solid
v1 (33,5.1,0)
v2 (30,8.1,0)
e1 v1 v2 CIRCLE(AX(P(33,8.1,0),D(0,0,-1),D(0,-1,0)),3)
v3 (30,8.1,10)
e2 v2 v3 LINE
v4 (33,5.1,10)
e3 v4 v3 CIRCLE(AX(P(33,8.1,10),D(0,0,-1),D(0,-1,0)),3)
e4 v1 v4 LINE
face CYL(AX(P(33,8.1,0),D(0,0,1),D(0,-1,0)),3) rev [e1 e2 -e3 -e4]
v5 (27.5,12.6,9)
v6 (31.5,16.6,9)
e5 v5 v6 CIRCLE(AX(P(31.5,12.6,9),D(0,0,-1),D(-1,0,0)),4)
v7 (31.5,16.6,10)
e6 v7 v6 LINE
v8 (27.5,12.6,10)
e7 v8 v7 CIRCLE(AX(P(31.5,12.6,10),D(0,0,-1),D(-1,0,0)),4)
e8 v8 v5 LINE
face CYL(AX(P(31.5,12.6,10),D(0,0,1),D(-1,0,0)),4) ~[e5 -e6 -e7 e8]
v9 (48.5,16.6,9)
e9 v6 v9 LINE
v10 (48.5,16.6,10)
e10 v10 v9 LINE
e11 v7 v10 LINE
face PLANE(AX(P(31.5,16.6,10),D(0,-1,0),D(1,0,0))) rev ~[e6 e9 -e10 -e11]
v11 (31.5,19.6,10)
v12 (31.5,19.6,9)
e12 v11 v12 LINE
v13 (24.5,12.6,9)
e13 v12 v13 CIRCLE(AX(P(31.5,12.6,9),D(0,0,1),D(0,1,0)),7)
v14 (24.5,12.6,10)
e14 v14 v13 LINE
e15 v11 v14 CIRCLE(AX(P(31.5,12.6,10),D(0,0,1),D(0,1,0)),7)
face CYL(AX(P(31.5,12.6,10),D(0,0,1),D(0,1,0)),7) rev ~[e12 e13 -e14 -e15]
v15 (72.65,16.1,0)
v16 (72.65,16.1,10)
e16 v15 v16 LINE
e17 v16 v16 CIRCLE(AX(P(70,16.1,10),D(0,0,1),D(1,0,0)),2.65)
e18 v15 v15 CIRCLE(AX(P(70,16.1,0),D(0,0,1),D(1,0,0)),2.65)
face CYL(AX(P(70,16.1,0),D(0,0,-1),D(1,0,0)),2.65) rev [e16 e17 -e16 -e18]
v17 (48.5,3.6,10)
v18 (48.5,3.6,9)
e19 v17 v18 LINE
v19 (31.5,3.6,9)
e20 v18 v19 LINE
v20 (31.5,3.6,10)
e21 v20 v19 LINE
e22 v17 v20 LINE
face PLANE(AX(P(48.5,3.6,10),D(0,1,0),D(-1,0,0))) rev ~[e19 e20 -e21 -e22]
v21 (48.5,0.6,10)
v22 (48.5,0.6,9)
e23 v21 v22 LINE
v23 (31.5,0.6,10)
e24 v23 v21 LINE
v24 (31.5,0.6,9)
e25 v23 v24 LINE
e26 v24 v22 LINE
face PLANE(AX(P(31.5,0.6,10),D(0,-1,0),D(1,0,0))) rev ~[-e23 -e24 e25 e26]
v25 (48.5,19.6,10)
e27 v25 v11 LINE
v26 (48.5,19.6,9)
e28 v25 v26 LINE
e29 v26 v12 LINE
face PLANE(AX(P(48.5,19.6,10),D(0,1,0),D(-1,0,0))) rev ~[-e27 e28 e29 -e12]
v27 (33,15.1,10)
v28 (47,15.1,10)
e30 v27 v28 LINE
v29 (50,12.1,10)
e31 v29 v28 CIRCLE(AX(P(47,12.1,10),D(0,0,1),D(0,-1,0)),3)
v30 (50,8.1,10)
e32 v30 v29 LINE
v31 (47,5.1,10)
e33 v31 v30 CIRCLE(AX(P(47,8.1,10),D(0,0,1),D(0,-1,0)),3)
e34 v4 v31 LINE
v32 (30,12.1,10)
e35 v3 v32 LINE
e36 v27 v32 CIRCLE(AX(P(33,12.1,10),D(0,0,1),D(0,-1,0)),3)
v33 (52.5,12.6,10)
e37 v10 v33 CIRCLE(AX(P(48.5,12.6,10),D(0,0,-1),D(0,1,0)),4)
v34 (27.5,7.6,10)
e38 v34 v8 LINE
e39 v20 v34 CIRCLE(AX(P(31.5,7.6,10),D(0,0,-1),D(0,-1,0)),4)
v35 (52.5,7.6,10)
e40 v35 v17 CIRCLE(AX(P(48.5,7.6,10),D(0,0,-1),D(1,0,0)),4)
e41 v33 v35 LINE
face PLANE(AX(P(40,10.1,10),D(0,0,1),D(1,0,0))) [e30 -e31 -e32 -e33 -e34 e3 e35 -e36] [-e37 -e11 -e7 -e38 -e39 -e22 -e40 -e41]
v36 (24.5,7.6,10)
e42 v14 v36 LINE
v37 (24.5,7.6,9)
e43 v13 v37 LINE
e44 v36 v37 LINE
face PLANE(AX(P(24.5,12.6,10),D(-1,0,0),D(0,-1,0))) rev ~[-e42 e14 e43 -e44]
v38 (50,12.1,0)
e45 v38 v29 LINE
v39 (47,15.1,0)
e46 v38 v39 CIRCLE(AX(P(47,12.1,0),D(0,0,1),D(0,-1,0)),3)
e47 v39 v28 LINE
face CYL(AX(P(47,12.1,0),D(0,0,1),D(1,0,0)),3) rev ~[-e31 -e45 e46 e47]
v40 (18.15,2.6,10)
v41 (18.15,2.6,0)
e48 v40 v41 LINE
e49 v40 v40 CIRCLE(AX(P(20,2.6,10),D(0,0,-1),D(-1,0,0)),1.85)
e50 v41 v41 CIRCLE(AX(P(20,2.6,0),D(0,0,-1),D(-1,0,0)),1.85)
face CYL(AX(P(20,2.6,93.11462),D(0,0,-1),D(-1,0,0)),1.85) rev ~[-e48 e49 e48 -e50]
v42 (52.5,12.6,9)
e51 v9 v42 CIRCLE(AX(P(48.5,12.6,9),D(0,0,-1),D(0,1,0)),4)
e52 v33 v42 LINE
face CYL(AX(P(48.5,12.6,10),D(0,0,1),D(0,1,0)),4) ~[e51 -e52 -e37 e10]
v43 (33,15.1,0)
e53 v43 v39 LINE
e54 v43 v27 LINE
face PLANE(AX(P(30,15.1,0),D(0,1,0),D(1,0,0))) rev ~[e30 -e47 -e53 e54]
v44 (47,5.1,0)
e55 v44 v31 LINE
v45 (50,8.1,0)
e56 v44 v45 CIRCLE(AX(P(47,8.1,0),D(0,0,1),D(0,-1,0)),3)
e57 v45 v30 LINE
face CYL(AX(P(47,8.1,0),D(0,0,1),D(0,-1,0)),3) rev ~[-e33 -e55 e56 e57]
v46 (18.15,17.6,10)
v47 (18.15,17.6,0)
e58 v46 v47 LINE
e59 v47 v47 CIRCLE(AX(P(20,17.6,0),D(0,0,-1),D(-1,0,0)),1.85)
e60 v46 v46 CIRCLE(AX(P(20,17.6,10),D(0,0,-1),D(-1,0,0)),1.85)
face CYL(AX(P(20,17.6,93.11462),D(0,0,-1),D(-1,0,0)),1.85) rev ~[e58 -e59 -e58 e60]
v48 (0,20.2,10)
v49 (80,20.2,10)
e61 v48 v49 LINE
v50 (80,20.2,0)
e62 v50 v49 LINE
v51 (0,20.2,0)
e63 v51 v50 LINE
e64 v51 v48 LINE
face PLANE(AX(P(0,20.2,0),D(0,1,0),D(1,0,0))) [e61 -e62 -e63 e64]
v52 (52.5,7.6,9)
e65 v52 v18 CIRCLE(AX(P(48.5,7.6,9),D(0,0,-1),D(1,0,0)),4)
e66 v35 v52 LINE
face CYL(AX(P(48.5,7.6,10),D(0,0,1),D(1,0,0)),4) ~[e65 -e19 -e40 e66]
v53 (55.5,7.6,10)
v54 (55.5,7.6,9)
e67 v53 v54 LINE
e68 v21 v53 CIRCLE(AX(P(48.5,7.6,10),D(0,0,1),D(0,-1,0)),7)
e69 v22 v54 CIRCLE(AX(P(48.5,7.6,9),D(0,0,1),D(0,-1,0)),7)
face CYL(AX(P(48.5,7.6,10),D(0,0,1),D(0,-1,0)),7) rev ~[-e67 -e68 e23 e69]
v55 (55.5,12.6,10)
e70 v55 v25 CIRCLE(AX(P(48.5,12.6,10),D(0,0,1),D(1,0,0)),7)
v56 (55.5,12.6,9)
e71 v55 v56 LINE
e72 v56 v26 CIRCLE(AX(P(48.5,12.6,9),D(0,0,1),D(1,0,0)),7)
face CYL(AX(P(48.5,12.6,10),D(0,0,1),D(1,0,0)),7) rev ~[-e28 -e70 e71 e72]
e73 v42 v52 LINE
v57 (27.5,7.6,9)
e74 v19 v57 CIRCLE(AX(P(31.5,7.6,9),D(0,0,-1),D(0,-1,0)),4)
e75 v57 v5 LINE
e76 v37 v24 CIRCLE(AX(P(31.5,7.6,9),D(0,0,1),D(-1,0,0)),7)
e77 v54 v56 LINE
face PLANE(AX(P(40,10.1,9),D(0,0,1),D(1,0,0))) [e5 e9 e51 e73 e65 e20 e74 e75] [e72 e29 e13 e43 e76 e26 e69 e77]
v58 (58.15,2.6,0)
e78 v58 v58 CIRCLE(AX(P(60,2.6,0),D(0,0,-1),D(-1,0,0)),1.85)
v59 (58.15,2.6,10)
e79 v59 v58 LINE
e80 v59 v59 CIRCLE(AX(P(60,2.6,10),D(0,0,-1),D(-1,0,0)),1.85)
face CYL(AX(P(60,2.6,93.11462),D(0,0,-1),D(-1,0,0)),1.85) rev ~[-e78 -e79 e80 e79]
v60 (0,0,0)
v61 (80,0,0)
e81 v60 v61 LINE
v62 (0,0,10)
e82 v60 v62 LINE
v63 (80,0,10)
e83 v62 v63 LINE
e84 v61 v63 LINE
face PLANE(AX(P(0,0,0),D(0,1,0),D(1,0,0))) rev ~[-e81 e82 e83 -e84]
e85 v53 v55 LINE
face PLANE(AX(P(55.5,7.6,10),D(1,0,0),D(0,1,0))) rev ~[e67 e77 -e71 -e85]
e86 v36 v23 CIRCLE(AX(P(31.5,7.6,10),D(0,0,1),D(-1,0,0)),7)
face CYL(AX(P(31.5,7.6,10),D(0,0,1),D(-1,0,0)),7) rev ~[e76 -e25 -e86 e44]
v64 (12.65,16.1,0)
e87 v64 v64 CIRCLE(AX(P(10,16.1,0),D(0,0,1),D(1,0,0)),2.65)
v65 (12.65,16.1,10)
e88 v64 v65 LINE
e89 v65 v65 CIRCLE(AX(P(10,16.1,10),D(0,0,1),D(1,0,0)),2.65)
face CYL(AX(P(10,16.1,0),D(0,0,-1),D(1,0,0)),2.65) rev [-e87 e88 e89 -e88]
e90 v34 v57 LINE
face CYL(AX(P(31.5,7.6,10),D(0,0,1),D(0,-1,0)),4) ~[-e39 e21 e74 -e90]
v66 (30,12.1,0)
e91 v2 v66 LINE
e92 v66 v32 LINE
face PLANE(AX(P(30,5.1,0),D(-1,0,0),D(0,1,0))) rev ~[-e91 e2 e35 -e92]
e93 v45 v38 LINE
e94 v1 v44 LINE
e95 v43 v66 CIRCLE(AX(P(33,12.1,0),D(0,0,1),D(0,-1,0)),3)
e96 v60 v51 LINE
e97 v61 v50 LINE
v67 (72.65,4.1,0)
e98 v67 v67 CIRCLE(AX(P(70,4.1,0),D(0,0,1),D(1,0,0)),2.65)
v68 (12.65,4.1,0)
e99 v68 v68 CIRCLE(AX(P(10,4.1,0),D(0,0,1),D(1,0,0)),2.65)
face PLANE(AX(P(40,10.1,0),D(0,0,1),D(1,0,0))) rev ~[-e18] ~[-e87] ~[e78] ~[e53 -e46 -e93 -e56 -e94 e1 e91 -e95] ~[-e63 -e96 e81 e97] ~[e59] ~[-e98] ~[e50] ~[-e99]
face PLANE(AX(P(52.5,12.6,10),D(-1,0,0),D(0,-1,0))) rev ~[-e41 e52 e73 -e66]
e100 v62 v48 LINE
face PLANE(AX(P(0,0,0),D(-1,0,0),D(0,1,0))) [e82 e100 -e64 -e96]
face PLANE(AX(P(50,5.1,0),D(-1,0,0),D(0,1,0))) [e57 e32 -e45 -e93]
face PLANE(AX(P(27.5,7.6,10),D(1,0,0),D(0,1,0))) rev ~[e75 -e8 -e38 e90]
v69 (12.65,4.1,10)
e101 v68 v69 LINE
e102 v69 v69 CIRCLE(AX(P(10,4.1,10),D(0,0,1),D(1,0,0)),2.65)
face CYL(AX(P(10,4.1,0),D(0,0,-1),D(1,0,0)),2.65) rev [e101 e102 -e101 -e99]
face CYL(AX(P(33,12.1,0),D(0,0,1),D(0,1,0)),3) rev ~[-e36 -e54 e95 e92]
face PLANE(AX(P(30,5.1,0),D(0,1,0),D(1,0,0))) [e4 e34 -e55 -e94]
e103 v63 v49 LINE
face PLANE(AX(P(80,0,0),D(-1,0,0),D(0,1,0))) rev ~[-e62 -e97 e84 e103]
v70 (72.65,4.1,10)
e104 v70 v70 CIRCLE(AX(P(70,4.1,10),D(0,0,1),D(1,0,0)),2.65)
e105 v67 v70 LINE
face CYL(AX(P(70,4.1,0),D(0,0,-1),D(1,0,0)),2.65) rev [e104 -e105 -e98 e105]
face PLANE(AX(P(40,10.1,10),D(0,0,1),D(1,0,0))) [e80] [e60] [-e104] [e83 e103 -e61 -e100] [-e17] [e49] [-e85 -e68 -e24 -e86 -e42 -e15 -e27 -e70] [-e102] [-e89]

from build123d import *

# Parameters (mm, degrees)
SKIZZE1_W                        = 80
SKIZZE1_H                        = 20.2
SKIZZE1_R                        = 2.65
SKIZZE1_W_2                      = 20
SKIZZE1_H_2                      = 10
AUFSATZ_LINEAR_AUSTRAGEN1_DEPTH  = 10
VERRUNDUNG1_R                    = 3
F_3_7_3_7_DURCHMESSER_BOHRUNG1_D = 3.7
SCHNITT_LINEAR_AUSTRAGEN1_DEPTH  = 1


with BuildPart() as part:
    # Skizze1 → Aufsatz-Linear austragen1 (new body)
    with BuildSketch(Plane.XY):
        with Locations((40, 10.1)):
            Rectangle(SKIZZE1_W, SKIZZE1_H)
        with Locations((10, 16.1)):
            Circle(SKIZZE1_R, mode=Mode.SUBTRACT)
        with Locations((10, 4.1)):
            Circle(SKIZZE1_R, mode=Mode.SUBTRACT)
        with Locations((70, 16.1)):
            Circle(SKIZZE1_R, mode=Mode.SUBTRACT)
        with Locations((70, 4.1)):
            Circle(SKIZZE1_R, mode=Mode.SUBTRACT)
        with Locations((40, 10.1)):
            Rectangle(SKIZZE1_W_2, SKIZZE1_H_2, mode=Mode.SUBTRACT)
    extrude(amount=AUFSATZ_LINEAR_AUSTRAGEN1_DEPTH)

    # Verrundung1
    verrundung1_edges = [part.edges().sort_by_distance(p)[0] for p in [
        (50, 5.1, 5),
        (50, 15.1, 5),
        (30, 15.1, 5),
        (30, 5.1, 5),
    ]]
    fillet(verrundung1_edges, radius=VERRUNDUNG1_R)

    # Ø3.7 (3.7) Durchmesser Bohrung1 (through all)
    with Locations(Plane.XY.offset(10)):
        with Locations((20, 17.6), (20, 2.6), (60, 2.6)):
            Hole(F_3_7_3_7_DURCHMESSER_BOHRUNG1_D / 2)

    # Skizze7 → Schnitt-Linear austragen1 (cut)
    with BuildSketch(Plane.XY.offset(10)):
        with BuildLine():
            Line((24.5, 12.6), (24.5, 7.6))
            ThreePointArc((24.5, 7.6), (26.550252532, 2.650252532), (31.5, 0.6))
            Line((31.5, 0.6), (48.5, 0.6))
            ThreePointArc((48.5, 0.6), (53.449747468, 2.650252532), (55.5, 7.6))
            Line((55.5, 7.6), (55.5, 12.6))
            ThreePointArc((55.5, 12.6), (53.449747468, 17.549747468), (48.5, 19.6))
            Line((48.5, 19.6), (31.5, 19.6))
            ThreePointArc((31.5, 19.6), (26.550252532, 17.549747468), (24.5, 12.6))
        make_face()
        with BuildLine():
            Line((31.5, 16.6), (48.5, 16.6))
            ThreePointArc((48.5, 16.6), (51.328427125, 15.428427125), (52.5, 12.6))
            Line((52.5, 12.6), (52.5, 7.6))
            ThreePointArc((52.5, 7.6), (51.328427125, 4.771572875), (48.5, 3.6))
            Line((48.5, 3.6), (31.5, 3.6))
            ThreePointArc((31.5, 3.6), (28.671572875, 4.771572875), (27.5, 7.6))
            Line((27.5, 7.6), (27.5, 12.6))
            ThreePointArc((27.5, 12.6), (28.671572875, 15.428427125), (31.5, 16.6))
        make_face(mode=Mode.SUBTRACT)
    extrude(amount=-SCHNITT_LINEAR_AUSTRAGEN1_DEPTH, mode=Mode.SUBTRACT)


solid = part.part
